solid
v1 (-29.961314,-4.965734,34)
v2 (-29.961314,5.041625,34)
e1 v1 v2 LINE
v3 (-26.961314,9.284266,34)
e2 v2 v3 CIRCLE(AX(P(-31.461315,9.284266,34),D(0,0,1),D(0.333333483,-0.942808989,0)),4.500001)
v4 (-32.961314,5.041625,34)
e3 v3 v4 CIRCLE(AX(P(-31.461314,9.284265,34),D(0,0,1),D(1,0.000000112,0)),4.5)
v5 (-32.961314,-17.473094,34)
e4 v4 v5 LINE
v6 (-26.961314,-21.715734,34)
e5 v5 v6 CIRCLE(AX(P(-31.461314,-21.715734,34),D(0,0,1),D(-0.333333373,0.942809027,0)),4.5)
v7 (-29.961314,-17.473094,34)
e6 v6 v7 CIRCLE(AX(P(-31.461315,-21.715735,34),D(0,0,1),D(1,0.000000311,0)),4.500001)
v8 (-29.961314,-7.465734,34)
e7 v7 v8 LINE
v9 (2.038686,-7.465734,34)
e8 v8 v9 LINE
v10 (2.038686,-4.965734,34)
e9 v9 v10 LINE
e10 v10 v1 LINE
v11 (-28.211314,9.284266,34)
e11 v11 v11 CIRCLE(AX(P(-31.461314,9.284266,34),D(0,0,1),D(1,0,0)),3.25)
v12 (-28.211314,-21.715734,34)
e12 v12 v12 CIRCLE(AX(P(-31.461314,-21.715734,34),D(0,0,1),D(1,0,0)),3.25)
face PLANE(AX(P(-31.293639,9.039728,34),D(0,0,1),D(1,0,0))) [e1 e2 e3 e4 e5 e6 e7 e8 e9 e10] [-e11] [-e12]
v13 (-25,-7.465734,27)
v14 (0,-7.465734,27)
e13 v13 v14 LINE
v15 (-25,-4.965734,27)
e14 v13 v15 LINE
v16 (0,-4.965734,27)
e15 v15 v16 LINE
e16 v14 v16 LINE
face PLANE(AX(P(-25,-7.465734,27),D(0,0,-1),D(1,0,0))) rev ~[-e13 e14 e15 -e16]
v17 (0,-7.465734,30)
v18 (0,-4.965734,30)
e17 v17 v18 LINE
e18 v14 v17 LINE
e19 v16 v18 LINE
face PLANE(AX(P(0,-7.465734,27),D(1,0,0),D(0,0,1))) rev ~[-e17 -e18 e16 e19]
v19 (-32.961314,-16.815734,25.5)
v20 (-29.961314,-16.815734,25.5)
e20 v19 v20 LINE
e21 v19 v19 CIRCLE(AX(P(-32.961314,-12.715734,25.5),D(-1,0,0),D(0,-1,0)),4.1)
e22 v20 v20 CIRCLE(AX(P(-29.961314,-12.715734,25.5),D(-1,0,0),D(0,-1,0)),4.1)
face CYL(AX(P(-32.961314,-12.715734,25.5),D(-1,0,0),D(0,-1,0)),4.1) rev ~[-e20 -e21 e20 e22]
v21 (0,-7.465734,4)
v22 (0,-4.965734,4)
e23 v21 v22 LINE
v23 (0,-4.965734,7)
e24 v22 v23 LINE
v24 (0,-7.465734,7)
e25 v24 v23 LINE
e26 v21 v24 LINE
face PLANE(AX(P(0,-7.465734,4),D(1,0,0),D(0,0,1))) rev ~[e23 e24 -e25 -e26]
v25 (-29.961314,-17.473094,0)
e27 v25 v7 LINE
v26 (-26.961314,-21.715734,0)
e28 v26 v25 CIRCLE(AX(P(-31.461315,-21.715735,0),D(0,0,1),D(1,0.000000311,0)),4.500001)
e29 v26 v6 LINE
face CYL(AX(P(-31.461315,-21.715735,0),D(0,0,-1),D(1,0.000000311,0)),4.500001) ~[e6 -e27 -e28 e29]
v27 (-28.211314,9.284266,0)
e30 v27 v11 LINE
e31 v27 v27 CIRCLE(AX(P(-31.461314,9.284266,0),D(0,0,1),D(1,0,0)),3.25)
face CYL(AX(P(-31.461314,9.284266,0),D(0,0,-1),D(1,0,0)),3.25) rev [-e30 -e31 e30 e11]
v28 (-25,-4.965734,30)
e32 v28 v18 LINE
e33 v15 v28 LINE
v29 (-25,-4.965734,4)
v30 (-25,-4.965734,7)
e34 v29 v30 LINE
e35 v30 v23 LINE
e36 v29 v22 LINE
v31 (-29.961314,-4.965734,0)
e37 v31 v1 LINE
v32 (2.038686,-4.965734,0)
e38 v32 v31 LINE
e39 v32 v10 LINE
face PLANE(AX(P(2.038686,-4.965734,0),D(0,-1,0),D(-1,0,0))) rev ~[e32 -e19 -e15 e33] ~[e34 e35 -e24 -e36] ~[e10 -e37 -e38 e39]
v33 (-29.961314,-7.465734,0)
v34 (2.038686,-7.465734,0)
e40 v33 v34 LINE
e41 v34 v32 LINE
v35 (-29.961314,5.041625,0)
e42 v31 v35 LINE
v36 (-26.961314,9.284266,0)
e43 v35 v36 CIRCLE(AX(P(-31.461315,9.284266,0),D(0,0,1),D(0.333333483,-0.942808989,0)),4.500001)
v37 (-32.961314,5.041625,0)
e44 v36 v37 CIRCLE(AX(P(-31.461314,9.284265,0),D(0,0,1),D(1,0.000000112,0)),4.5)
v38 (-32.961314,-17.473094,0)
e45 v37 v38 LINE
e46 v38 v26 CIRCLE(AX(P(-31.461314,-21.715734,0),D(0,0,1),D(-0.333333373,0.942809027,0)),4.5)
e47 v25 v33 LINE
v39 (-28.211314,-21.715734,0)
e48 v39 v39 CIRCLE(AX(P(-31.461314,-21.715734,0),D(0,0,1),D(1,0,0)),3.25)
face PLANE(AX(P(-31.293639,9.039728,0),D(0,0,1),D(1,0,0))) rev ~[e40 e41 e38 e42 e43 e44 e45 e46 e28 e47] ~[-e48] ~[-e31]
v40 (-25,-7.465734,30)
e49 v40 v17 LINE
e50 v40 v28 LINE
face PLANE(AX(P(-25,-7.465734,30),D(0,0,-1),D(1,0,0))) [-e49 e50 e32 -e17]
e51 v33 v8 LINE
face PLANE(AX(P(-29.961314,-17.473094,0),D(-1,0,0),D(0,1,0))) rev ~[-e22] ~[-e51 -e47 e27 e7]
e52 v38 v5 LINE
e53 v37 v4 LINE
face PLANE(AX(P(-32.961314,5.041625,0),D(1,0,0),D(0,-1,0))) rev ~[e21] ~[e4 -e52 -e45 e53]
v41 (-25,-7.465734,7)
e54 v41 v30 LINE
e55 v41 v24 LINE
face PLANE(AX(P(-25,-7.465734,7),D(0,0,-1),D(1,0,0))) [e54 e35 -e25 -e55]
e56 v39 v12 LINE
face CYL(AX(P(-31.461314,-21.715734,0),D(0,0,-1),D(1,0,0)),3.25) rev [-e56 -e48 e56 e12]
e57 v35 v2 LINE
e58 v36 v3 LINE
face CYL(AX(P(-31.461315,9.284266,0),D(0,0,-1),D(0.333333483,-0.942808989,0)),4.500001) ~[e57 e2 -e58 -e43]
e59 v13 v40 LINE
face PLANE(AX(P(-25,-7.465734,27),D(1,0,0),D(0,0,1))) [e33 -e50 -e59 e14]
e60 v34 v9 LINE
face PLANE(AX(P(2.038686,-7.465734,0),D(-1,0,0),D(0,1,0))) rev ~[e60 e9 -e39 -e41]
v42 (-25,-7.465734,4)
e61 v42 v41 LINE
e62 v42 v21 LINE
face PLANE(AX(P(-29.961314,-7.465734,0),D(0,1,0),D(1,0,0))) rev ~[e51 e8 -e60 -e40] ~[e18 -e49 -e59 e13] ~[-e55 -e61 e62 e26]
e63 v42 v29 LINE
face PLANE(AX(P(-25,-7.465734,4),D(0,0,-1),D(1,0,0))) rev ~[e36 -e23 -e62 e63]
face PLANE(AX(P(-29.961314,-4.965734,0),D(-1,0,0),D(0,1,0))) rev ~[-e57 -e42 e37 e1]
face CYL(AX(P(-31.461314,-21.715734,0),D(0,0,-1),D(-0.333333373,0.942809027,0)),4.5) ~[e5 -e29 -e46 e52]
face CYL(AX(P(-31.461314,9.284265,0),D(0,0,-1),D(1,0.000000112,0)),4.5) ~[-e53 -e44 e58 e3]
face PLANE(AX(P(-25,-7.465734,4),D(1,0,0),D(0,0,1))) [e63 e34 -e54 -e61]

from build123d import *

# Parameters (mm, degrees)
F0_R     = 3.25
F1_DEPTH = 34
F3_DEPTH = 25
F4_W     = 25
F4_H     = 3
F5_DEPTH = 25


with BuildPart() as f1:
    # F0 (on Top) → F1 (new body)
    with BuildSketch(Plane.XY):
        with BuildLine():
            ThreePointArc((-29.961314, 5.041625), (-27.78708, 6.686189), (-26.961314, 9.284266))
            ThreePointArc((-26.961314, 9.284266), (-34.05939, 12.9585), (-32.961314, 5.041625))
            ThreePointArc((-32.961314, 5.041625), (-31.461314, 4.784266), (-29.961314, 5.041625))
        make_face()
        with Locations((-31.461314, 9.284266)):
            Circle(F0_R, mode=Mode.SUBTRACT)
        with BuildLine():
            ThreePointArc((-29.961314, 5.041625), (-31.461314, 4.784266), (-32.961314, 5.041625))
            Line((-32.961314, 5.041625), (-32.961314, -6.215734))
            Line((-32.961314, -6.215734), (2.038686, -6.215734))
            Line((2.038686, -6.215734), (2.038686, -4.965734))
            Line((2.038686, -4.965734), (-29.961314, -4.965734))
            Line((-29.961314, -4.965734), (-29.961314, 5.041625))
        make_face()
        with BuildLine():
            Line((2.038686, -6.215734), (-32.961314, -6.215734))
            Line((-32.961314, -6.215734), (-32.961314, -17.473094))
            ThreePointArc((-32.961314, -17.473094), (-31.461314, -17.215734), (-29.961314, -17.473094))
            Line((-29.961314, -17.473094), (-29.961314, -7.465734))
            Line((-29.961314, -7.465734), (2.038686, -7.465734))
            Line((2.038686, -7.465734), (2.038686, -6.215734))
        make_face()
        with BuildLine():
            ThreePointArc((-29.961314, -17.473094), (-31.461314, -17.215734), (-32.961314, -17.473094))
            ThreePointArc((-32.961314, -17.473094), (-34.05939, -25.389969), (-26.961314, -21.715734))
            ThreePointArc((-26.961314, -21.715734), (-27.78708, -19.117658), (-29.961314, -17.473094))
        make_face()
        with Locations((-31.461314, -21.715734)):
            Circle(F0_R, mode=Mode.SUBTRACT)
    extrude(amount=F1_DEPTH)

    # F2 (on face) → F3 (cut)
    with BuildSketch(Plane(origin=(-32.961314, 0, 0), x_dir=(0, -1, 0), z_dir=(-1, 0, 0))):
        with BuildLine():
            ThreePointArc((8.615734, 25.5), (12.715734, 21.4), (16.815734, 25.5))
            ThreePointArc((16.815734, 25.5), (12.715734, 29.6), (8.615734, 25.5))
        make_face()
    extrude(amount=-F3_DEPTH, mode=Mode.SUBTRACT)

    # F4 (on face) → F5 (cut)
    with BuildSketch(Plane.XZ.offset(7.465734)):
        with Locations((-12.5, 28.5)):
            Rectangle(F4_W, F4_H)
        with Locations((-12.5, 5.5)):
            Rectangle(F4_W, F4_H)
    extrude(amount=-F5_DEPTH, mode=Mode.SUBTRACT)


solid = f1.part
